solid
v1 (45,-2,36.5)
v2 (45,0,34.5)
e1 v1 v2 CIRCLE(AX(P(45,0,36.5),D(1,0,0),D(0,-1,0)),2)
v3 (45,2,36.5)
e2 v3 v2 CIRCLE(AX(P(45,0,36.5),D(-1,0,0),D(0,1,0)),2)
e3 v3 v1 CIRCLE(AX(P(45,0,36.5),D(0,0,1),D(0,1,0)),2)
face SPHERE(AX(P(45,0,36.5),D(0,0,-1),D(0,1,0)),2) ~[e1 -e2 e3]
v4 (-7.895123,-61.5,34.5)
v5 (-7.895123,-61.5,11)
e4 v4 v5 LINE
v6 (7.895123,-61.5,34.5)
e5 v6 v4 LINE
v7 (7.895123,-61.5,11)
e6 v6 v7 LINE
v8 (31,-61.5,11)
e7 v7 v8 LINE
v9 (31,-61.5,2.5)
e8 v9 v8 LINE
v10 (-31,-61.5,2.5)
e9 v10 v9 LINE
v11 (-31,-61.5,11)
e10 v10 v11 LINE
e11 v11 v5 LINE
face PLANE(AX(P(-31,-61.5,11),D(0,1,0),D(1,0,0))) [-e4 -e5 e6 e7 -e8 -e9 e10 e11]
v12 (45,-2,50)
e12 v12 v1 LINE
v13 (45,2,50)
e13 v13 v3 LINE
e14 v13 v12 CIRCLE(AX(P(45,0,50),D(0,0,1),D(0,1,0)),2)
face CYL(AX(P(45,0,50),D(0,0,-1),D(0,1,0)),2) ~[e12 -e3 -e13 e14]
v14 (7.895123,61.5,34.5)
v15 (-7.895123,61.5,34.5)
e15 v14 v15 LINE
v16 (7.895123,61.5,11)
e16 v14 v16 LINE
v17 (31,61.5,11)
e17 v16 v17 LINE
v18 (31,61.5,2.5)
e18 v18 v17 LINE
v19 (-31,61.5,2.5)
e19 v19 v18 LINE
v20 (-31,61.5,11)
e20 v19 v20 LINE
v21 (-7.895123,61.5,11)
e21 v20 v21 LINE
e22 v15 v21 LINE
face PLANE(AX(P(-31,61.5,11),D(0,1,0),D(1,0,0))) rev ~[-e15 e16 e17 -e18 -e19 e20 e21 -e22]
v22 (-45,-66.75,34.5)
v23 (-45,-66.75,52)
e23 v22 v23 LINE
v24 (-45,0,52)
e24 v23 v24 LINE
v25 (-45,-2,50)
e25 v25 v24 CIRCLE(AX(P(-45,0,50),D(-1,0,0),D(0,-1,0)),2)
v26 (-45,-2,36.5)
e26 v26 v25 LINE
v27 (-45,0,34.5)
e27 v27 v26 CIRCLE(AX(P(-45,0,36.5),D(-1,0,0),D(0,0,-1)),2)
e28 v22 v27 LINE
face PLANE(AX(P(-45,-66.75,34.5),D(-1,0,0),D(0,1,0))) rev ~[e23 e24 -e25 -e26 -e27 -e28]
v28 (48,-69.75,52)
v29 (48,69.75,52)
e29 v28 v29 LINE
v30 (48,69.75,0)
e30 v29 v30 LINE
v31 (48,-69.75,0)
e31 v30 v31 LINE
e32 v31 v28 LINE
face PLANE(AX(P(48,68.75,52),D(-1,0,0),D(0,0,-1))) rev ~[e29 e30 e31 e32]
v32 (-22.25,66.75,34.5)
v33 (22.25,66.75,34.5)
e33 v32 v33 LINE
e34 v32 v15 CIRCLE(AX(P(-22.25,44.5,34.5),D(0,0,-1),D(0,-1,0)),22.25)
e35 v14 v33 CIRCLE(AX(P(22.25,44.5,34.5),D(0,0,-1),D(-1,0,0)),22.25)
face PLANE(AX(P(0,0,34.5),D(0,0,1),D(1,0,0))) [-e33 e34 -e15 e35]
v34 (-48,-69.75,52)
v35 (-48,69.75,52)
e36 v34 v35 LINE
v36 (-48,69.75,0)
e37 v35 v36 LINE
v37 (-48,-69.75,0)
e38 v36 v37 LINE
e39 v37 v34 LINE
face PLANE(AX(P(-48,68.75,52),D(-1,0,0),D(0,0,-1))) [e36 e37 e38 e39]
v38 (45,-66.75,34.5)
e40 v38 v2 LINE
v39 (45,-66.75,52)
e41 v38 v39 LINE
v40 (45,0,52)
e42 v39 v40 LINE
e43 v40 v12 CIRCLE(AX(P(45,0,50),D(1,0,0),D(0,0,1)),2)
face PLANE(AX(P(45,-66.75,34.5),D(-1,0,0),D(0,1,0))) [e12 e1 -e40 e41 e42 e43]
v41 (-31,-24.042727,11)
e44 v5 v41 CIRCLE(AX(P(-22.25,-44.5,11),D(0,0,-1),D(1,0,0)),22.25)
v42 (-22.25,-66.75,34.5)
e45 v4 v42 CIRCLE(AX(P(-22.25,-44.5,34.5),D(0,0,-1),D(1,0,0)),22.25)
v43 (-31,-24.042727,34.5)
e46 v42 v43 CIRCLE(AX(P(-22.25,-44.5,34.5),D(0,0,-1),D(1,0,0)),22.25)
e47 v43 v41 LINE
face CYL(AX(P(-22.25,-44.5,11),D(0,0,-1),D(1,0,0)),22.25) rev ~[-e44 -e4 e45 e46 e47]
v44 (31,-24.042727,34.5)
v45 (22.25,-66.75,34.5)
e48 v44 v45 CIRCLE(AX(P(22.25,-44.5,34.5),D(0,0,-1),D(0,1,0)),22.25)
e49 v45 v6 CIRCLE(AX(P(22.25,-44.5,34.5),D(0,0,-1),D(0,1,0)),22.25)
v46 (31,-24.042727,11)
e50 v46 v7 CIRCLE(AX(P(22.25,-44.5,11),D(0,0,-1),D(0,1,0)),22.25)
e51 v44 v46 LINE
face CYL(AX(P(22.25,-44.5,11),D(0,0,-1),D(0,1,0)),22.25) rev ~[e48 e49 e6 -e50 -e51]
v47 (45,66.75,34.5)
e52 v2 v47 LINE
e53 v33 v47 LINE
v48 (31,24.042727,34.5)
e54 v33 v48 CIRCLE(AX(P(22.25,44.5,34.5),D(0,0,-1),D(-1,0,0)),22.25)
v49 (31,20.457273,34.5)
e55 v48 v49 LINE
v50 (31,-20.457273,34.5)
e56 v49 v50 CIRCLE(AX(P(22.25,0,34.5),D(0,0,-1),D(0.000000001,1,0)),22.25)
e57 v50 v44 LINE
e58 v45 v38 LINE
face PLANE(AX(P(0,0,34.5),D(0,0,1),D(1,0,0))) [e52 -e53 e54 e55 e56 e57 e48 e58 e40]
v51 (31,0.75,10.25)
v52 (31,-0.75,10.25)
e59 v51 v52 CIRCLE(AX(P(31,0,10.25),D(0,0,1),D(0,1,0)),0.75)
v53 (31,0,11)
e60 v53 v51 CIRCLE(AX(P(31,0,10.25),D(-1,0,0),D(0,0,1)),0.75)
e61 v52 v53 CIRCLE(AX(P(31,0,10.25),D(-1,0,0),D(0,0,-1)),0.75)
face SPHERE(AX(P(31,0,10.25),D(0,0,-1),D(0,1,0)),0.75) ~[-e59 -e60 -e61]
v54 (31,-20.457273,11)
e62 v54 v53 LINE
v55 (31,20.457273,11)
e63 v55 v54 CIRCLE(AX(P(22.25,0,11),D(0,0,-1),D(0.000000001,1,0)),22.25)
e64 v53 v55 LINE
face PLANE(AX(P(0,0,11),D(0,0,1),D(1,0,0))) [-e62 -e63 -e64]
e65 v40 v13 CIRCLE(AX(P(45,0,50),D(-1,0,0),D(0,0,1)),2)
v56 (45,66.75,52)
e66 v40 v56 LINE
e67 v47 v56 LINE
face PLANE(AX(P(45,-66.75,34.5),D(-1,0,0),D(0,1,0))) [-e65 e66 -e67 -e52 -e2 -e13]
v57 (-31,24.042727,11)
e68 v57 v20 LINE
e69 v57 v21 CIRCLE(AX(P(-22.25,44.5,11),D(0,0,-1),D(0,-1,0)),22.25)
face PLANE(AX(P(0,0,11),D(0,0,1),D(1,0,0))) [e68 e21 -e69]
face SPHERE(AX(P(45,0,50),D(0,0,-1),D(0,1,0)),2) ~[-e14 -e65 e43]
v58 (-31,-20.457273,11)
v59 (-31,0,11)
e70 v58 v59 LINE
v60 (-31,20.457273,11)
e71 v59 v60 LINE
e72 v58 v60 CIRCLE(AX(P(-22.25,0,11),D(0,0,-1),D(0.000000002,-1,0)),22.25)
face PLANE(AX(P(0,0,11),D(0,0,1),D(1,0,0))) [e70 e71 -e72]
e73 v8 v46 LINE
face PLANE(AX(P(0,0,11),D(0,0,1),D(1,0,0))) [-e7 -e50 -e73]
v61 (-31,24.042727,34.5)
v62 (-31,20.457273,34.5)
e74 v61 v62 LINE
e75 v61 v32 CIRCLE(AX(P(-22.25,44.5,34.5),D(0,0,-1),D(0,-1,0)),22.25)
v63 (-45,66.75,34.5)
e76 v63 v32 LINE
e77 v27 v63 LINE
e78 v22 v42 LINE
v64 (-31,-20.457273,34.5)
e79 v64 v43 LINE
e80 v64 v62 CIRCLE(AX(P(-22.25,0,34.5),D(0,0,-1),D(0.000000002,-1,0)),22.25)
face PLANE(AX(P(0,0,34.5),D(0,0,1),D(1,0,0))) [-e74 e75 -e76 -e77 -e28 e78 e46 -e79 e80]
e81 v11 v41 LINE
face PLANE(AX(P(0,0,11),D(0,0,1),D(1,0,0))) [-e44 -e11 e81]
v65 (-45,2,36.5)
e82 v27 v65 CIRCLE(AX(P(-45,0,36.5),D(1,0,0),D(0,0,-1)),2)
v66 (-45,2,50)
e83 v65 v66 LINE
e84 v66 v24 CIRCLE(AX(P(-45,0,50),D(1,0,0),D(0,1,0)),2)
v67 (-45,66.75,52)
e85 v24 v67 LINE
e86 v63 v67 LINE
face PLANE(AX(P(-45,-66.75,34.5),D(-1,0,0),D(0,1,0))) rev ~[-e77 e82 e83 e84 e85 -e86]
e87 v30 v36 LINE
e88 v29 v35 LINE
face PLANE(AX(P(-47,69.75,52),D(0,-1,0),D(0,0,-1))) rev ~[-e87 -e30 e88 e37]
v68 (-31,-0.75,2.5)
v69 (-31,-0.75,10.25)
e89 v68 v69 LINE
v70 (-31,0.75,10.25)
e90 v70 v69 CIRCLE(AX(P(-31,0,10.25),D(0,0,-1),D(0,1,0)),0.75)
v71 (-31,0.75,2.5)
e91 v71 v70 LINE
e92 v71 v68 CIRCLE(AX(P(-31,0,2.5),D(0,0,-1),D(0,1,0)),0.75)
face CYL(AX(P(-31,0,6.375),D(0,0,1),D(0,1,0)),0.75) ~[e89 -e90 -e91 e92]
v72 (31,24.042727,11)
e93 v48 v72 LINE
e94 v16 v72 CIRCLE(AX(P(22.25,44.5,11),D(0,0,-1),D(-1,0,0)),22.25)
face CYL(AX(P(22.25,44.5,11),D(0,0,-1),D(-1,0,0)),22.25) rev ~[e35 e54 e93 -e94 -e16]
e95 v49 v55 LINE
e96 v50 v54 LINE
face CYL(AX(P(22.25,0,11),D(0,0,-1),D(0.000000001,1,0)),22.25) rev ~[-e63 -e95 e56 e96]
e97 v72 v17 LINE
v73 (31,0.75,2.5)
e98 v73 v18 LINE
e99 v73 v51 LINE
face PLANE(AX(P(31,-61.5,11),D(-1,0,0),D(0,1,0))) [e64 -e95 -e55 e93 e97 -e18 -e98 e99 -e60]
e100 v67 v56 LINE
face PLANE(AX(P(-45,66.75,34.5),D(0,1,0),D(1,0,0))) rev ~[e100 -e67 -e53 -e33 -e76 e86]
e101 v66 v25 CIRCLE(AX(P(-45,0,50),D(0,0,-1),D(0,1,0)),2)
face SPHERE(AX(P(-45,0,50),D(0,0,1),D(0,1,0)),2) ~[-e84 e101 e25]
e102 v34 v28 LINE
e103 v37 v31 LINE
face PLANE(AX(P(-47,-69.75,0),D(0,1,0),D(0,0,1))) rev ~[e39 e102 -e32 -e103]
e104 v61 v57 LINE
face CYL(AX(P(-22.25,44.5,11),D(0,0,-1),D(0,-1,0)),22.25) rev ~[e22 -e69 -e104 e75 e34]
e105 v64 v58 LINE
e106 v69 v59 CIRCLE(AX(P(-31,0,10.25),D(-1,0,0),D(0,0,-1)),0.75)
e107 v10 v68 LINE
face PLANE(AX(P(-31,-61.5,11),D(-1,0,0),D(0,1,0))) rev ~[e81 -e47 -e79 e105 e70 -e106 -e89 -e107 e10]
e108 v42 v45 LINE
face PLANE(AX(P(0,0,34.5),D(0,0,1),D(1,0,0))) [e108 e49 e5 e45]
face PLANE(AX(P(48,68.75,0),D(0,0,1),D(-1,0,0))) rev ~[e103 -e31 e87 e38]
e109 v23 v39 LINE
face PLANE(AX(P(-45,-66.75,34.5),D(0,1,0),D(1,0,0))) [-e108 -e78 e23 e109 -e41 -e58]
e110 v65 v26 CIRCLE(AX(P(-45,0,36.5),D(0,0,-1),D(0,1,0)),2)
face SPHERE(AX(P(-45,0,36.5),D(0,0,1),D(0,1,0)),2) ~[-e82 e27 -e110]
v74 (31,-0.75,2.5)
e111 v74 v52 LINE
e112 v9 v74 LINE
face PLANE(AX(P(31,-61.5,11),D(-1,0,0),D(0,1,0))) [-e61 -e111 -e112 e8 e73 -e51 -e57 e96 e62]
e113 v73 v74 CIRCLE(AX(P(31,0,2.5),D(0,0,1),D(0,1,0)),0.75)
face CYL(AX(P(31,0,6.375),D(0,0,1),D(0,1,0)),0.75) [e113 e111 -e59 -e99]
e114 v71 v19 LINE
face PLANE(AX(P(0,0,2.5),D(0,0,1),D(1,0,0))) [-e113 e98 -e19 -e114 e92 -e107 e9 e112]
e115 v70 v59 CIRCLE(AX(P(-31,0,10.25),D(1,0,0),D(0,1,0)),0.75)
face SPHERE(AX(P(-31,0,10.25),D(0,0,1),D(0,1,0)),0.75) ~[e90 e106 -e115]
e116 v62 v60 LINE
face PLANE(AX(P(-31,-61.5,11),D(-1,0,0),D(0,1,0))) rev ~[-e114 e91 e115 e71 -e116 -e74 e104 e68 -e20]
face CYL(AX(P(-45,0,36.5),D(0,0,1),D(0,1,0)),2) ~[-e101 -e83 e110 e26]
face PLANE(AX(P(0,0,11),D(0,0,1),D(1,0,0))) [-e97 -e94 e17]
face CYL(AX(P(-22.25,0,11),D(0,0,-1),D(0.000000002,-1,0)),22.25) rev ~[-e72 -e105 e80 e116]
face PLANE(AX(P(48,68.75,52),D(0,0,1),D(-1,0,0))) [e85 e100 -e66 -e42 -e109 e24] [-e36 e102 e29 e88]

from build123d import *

# Parameters (mm, degrees)
F0_W      = 94
F0_H      = 137.5
F1_DEPTH  = 2.5
F2_W      = 94
F2_H      = 137.5
F2_W_2    = 62
F2_H_2    = 123
F3_DEPTH  = 8.5
F4_W      = 94
F4_H      = 137.5
F5_DEPTH  = 23.5
F6_W      = 62
F6_H      = 123
F7_DEPTH  = 23.501
F8_W      = 94
F8_H      = 137.5
F8_W_2    = 90
F8_H_2    = 133.5
F9_DEPTH  = 17.5
F11_ANGLE = 180
F13_ANGLE = 180
F14_W     = 0.75
F14_H     = 7.75
F16_W     = 0.75
F16_H     = 7.75
F19_DEPTH = 1
F20_DEPTH = 1
F21_DEPTH = 1
F22_DEPTH = 1


with BuildPart() as f1:
    # F0 (on Top) → F1 (new body)
    with BuildSketch(Plane.XY):
        Rectangle(F0_W, F0_H)
    extrude(amount=F1_DEPTH)

    # F2 (on face) → F3 (join)
    with BuildSketch(Plane.XY.offset(2.5)):
        Rectangle(F2_W, F2_H)
        Rectangle(F2_W_2, F2_H_2, mode=Mode.SUBTRACT)
    extrude(amount=F3_DEPTH)

    # F4 (on face) → F5 (join)
    with BuildSketch(Plane.XY.offset(11)):
        Rectangle(F4_W, F4_H)
        with BuildLine():
            ThreePointArc((-22.25, 22.25), (-37.9831258814, 60.2331258814), (0, 44.5))
            ThreePointArc((0, 44.5), (22.25, 66.75), (44.5, 44.5))
            ThreePointArc((44.5, 44.5), (37.9831258872, 28.7668741244), (22.2500000164, 22.25))
            ThreePointArc((22.2500000164, 22.25), (37.9831258872, 15.7331258756), (44.5, 0))
            ThreePointArc((44.5, 0), (37.9831258814, -15.7331258814), (22.25, -22.25))
            ThreePointArc((22.25, -22.25), (37.9831258814, -28.7668741186), (44.5, -44.5))
            ThreePointArc((44.5, -44.5), (22.25, -66.75), (0, -44.5))
            ThreePointArc((0, -44.5), (-37.983125897, -60.2331258658), (-22.249999956, -22.25))
            ThreePointArc((-22.249999956, -22.25), (-44.5, -2.2e-08), (-22.25, 22.25))
        make_face(mode=Mode.SUBTRACT)
    extrude(amount=F5_DEPTH)

    # F6 (on face) → F7 (cut, through all)
    with BuildSketch(Plane.XY.offset(11)):
        Rectangle(F6_W, F6_H)
    extrude(amount=F7_DEPTH, mode=Mode.SUBTRACT)

    # F8 (on face) → F9 (join)
    with BuildSketch(Plane.XY.offset(34.5)):
        Rectangle(F8_W, F8_H)
        Rectangle(F8_W_2, F8_H_2, mode=Mode.SUBTRACT)
    extrude(amount=F9_DEPTH)

    # F10 (on face) → F11 (revolve)
    with BuildSketch(Plane.YZ.offset(-45)):
        with BuildLine():
            Line((0, 36.5), (0, 34.5))
            ThreePointArc((0, 34.5), (1.4142135624, 35.0857864376), (2, 36.5))
            Line((2, 36.5), (2, 50))
            ThreePointArc((2, 50), (1.4142135624, 51.4142135624), (0, 52))
            Line((0, 52), (0, 50))
            Line((0, 50), (0, 36.5))
        make_face()
    revolve(axis=Axis((-45, 0, 43.25), (0, 0, -1)), revolution_arc=F11_ANGLE)

    # F12 (on face) → F13 (revolve)
    with BuildSketch(Plane(origin=(45, 0, 0), x_dir=(0, -1, 0), z_dir=(-1, 0, 0))):
        with BuildLine():
            ThreePointArc((-2, 36.5), (-1.4142135624, 35.0857864376), (0, 34.5))
            Line((0, 34.5), (0, 36.5))
            Line((0, 36.5), (0, 50))
            Line((0, 50), (-2, 50))
            Line((-2, 50), (-2, 36.5))
        make_face()
        with BuildLine():
            Line((-2, 50), (0, 50))
            Line((0, 50), (0, 52))
            ThreePointArc((0, 52), (-1.4142135624, 51.4142135624), (-2, 50))
        make_face()
    revolve(axis=Axis((45, 0, 43.25), (0, 0, 1)), revolution_arc=F13_ANGLE)

    # F14 (on face) → F15 (revolve)
    with BuildSketch(Plane.YZ.offset(-31)):
        with BuildLine():
            ThreePointArc((0.75, 10.25), (0.5303300859, 10.7803300859), (0, 11))
            Line((0, 11), (0, 10.25))
            Line((0, 10.25), (0.75, 10.25))
        make_face()
        with Locations((0.375, 6.375)):
            Rectangle(F14_W, F14_H)
    revolve(axis=Axis((-31, 0, 6.75), (0, 0, -1)))

    # F16 (on face) → F17 (revolve)
    with BuildSketch(Plane(origin=(31, 0, 0), x_dir=(0, -1, 0), z_dir=(-1, 0, 0))):
        with Locations((-0.375, 6.375)):
            Rectangle(F16_W, F16_H)
        with BuildLine():
            Line((-0.75, 10.25), (0, 10.25))
            Line((0, 10.25), (0, 11))
            ThreePointArc((0, 11), (-0.5303300859, 10.7803300859), (-0.75, 10.25))
        make_face()
    revolve(axis=Axis((31, 0, 6.75), (0, 0, 1)))

    # F19 (add): a face of the model
    f19_faces = [f1.faces().sort_by_distance(p)[0] for p in [
        (47, 0, 26),
    ]]
    extrude(f19_faces, amount=F19_DEPTH)

    # F20 (add): a face of the model
    f20_faces = [f1.faces().sort_by_distance(p)[0] for p in [
        (-47, 0, 26),
    ]]
    extrude(f20_faces, amount=F20_DEPTH)

    # F21 (add): a face of the model
    f21_faces = [f1.faces().sort_by_distance(p)[0] for p in [
        (0, -68.75, 26),
    ]]
    extrude(f21_faces, amount=F21_DEPTH)

    # F22 (add): a face of the model
    f22_faces = [f1.faces().sort_by_distance(p)[0] for p in [
        (0, 68.75, 26),
    ]]
    extrude(f22_faces, amount=F22_DEPTH)


solid = f1.part
